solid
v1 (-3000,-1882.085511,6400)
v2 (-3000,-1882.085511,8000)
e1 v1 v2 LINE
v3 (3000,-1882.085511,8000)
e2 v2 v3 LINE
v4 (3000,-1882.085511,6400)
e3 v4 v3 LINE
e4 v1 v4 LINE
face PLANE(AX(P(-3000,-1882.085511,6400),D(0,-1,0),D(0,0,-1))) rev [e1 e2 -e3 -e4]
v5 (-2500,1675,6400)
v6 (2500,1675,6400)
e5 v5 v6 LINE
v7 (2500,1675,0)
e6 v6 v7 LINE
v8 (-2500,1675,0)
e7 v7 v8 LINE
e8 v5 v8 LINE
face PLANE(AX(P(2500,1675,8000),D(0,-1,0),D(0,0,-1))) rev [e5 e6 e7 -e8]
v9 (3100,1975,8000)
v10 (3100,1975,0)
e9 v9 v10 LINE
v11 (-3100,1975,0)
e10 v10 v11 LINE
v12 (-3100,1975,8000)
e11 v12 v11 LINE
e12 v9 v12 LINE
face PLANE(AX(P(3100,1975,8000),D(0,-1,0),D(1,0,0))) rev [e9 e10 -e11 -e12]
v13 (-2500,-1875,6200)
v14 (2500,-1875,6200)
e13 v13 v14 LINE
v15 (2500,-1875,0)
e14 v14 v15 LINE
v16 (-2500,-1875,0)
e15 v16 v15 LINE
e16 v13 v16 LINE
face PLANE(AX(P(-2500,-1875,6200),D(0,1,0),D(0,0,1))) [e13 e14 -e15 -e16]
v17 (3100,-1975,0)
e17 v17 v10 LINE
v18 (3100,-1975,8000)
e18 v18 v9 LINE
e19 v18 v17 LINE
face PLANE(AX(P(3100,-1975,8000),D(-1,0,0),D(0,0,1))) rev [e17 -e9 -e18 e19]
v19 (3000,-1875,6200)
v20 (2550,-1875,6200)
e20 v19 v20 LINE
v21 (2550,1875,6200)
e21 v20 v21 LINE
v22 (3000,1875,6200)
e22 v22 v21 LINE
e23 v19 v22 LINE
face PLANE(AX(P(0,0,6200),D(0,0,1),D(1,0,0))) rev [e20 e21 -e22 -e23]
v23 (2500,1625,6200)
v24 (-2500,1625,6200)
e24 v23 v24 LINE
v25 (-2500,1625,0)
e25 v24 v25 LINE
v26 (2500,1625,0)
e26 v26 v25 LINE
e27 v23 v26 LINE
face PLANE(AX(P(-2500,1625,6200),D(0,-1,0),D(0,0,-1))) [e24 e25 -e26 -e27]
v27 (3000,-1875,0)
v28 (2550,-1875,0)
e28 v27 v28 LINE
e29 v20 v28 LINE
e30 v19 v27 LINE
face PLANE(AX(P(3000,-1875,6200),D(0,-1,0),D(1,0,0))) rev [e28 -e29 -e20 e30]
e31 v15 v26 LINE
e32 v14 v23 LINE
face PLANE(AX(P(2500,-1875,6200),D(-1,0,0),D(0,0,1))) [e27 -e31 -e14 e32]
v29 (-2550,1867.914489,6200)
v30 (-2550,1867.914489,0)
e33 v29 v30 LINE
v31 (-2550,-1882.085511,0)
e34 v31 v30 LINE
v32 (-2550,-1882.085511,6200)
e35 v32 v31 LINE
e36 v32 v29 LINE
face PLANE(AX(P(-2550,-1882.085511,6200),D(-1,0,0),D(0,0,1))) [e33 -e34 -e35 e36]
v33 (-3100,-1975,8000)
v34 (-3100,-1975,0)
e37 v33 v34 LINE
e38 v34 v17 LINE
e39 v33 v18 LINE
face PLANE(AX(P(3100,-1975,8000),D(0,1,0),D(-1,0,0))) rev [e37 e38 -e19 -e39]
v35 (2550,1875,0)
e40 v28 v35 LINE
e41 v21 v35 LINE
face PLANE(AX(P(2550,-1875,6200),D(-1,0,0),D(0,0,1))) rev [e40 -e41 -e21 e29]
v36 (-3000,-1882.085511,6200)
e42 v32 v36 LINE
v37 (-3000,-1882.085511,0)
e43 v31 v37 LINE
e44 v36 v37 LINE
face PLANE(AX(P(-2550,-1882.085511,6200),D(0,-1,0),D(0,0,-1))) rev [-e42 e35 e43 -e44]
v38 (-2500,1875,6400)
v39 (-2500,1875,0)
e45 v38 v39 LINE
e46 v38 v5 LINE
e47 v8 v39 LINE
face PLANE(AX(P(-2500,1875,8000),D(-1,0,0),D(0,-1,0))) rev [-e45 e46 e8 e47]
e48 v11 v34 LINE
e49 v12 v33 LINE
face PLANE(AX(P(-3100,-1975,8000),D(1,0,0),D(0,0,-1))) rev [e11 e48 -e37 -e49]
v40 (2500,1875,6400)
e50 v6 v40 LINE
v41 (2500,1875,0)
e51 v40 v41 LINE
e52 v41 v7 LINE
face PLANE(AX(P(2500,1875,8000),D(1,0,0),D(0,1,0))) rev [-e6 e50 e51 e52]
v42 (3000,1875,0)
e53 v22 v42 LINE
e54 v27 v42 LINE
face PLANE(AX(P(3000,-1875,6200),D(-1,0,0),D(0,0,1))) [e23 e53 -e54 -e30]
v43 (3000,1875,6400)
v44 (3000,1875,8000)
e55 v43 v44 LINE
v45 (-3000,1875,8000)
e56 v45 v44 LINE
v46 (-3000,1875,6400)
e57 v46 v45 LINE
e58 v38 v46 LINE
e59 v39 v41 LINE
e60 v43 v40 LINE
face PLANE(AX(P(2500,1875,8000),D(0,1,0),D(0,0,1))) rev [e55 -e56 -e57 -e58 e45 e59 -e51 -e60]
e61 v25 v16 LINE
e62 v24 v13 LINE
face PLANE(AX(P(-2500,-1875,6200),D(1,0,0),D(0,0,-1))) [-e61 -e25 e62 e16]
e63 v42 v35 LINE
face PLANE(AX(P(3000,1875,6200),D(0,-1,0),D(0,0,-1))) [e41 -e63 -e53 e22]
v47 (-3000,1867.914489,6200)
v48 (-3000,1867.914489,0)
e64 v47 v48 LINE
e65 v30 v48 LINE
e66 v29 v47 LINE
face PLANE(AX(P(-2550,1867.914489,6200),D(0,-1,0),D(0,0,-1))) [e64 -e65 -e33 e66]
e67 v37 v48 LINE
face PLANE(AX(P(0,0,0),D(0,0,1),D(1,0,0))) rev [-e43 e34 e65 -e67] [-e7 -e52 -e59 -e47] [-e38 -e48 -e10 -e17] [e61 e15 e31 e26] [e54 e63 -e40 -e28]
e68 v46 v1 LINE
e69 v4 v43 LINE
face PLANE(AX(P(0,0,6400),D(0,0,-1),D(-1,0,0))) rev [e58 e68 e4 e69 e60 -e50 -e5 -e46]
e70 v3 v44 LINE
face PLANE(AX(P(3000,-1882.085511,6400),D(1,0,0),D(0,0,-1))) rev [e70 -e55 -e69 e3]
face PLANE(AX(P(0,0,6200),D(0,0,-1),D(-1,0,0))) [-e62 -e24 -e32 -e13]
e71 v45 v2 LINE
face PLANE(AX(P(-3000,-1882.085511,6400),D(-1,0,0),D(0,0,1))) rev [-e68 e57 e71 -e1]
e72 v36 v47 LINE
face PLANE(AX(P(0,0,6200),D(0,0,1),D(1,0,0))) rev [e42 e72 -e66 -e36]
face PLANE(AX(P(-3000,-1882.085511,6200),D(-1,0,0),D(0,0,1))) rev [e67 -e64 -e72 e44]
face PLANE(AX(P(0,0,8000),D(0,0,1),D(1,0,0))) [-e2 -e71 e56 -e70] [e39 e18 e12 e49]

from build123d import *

# Parameters (mm, degrees)
SKETCH1_W           = 6200
SKETCH1_H           = 3950
BOSS_EXTRUDE1_DEPTH = 8000
SKETCH2_W           = 5000
SKETCH2_H           = 3500
CUT_EXTRUDE3_DEPTH  = 6200
SKETCH4_W           = 450
SKETCH4_H           = 3750
CUT_EXTRUDE5_DEPTH  = 6200
SKETCH5_W           = 5000
SKETCH5_H           = 200
CUT_EXTRUDE6_DEPTH  = 8000
SKETCH6_W           = 6000
SKETCH6_H           = 3757.085511021
CUT_EXTRUDE8_DEPTH  = 1600


with BuildPart() as part:
    # Sketch1 → Boss-Extrude1 (new body)
    with BuildSketch(Plane.XY):
        Rectangle(SKETCH1_W, SKETCH1_H)
    extrude(amount=BOSS_EXTRUDE1_DEPTH)

    # Sketch2 → Cut-Extrude3 (cut)
    with BuildSketch(Plane.XY):
        with Locations((0, -125)):
            Rectangle(SKETCH2_W, SKETCH2_H)
    extrude(amount=CUT_EXTRUDE3_DEPTH, mode=Mode.SUBTRACT)

    # Sketch4 → Cut-Extrude5 (cut)
    with BuildSketch(Plane.XY):
        with Locations((2775, 0)):
            Rectangle(SKETCH4_W, SKETCH4_H)
        with Locations((-2775, -7.085511021)):
            Rectangle(SKETCH4_W, SKETCH4_H)
    extrude(amount=CUT_EXTRUDE5_DEPTH, mode=Mode.SUBTRACT)

    # Sketch5 → Cut-Extrude6 (cut)
    with BuildSketch(Plane(origin=(0, 0, 0), x_dir=(-1, 0, 0), z_dir=(0, 0, -1))):
        with Locations((0, 1775)):
            Rectangle(SKETCH5_W, SKETCH5_H)
    extrude(amount=-CUT_EXTRUDE6_DEPTH, mode=Mode.SUBTRACT)

    # Sketch6 → Cut-Extrude8 (cut)
    with BuildSketch(Plane.XY.offset(8000)):
        with Locations((0, -3.542755511)):
            Rectangle(SKETCH6_W, SKETCH6_H)
    extrude(amount=-CUT_EXTRUDE8_DEPTH, mode=Mode.SUBTRACT)


solid = part.part
